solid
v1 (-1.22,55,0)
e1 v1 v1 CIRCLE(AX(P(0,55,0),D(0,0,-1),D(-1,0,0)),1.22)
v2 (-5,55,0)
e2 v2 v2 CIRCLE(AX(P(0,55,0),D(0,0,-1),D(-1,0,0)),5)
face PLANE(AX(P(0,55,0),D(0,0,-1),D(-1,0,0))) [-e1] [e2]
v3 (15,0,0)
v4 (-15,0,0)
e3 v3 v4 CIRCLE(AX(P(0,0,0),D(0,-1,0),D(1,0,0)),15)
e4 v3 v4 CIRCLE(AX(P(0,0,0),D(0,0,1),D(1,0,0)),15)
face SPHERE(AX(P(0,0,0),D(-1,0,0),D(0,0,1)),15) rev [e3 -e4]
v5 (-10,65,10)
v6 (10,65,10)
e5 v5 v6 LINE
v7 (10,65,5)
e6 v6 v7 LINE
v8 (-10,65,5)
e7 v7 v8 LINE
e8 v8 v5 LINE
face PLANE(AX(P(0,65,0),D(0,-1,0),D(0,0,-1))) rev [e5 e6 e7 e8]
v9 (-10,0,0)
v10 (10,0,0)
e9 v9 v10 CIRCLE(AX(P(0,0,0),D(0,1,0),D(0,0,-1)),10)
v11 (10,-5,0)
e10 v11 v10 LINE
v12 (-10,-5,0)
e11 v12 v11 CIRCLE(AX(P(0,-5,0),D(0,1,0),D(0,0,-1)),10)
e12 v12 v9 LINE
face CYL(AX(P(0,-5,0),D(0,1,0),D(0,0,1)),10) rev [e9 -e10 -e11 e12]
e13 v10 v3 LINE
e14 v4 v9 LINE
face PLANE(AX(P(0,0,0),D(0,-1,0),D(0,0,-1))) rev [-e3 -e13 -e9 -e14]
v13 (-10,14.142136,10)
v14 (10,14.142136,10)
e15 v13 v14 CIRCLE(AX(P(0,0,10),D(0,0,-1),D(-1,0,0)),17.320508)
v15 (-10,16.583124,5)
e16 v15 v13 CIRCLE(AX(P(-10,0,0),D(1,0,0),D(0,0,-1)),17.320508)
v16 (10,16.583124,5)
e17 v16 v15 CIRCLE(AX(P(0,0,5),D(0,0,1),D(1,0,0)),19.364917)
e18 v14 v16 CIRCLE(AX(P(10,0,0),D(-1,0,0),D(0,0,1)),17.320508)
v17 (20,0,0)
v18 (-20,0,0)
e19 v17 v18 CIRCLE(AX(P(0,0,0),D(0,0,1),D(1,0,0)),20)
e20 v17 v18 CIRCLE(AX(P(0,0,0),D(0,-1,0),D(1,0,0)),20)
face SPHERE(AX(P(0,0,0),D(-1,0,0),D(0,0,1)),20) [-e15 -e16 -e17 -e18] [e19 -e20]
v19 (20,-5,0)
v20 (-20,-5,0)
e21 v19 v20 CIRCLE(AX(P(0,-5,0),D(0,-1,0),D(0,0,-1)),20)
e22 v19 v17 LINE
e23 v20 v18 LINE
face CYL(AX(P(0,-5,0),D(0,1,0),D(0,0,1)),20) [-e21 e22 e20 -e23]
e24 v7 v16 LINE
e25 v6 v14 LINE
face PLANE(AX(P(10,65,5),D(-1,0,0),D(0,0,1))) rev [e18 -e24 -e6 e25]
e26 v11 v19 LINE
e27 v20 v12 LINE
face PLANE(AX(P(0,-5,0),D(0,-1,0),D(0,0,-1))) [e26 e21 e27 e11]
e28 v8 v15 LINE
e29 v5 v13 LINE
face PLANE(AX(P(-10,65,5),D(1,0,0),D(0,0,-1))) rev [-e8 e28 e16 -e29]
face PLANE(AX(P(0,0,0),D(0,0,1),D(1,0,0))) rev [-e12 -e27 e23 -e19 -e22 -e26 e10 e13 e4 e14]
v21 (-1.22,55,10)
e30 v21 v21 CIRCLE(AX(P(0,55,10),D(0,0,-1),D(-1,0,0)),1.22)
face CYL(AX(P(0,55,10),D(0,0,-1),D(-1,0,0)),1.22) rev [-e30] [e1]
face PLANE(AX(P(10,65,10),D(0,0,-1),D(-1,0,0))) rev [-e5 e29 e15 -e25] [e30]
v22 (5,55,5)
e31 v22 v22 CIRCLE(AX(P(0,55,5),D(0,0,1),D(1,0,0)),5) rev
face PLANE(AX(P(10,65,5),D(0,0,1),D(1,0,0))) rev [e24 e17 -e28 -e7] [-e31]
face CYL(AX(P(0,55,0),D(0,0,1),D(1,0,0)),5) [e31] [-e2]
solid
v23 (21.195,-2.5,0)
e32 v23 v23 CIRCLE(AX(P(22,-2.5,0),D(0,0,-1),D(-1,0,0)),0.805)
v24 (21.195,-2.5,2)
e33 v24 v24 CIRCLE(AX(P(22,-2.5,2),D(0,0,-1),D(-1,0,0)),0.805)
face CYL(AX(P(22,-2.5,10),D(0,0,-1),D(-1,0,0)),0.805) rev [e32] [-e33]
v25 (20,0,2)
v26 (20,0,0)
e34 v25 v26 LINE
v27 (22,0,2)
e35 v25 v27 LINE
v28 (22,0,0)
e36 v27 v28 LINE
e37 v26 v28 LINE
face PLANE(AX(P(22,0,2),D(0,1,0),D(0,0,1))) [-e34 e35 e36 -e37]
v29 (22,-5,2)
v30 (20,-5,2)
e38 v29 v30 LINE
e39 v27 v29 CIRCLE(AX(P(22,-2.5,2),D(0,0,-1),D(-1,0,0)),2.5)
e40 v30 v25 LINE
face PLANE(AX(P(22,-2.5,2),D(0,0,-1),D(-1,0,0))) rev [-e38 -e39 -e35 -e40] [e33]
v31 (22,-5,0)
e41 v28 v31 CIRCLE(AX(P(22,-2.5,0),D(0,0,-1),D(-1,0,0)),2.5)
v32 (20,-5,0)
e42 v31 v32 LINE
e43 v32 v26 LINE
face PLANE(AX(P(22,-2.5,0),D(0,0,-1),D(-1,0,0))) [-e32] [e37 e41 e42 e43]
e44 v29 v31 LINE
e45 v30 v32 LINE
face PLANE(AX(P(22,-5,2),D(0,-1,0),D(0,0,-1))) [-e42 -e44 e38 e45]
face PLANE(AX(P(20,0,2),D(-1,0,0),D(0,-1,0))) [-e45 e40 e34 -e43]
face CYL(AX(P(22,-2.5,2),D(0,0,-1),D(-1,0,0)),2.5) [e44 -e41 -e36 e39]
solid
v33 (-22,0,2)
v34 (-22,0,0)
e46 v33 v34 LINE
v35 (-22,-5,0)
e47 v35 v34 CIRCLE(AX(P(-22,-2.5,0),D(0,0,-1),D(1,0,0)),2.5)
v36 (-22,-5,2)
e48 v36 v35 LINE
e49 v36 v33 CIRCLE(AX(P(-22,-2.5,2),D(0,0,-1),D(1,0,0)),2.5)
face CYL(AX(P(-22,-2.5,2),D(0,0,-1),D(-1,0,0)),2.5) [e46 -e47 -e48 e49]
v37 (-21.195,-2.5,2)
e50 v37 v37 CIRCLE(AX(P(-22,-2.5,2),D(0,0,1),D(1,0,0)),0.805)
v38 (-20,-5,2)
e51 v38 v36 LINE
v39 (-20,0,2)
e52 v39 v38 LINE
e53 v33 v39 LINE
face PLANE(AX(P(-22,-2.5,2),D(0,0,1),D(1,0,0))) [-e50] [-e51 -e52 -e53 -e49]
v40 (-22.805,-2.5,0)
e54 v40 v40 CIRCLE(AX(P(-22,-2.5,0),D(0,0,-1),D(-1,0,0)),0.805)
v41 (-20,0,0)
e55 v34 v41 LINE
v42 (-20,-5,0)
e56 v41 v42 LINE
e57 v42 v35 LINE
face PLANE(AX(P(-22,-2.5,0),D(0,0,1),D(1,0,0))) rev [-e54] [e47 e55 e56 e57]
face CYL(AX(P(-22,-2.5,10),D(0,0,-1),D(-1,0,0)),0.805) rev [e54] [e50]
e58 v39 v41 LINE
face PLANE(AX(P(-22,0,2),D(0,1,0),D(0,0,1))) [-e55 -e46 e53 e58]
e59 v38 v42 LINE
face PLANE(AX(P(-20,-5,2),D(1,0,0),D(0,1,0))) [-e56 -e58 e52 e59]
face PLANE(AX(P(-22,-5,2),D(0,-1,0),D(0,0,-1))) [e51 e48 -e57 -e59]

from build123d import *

# Parameters (mm, degrees)
REVOLVE2_ANGLE        = 90
BOSS_EXTRUDE2_DEPTH   = 5
BOSS_EXTRUDE3_DEPTH   = 2
BOSS_EXTRUDE3_2_DEPTH = 2
BOSS_EXTRUDE4_START   = 14.142136
SKETCH10_W            = 20
SKETCH10_H            = 5
BOSS_EXTRUDE4_DEPTH   = 50.857864
SKETCH11_R            = 5
BOSS_EXTRUDE6_DEPTH   = 5
SKETCH12_R            = 1.22
SKETCH12_R_2          = 0.805
CUT_EXTRUDE1_DEPTH    = 10


with BuildPart() as part:
    # Sketch1 → Revolve2 (revolve)
    with BuildSketch(Plane.XY):
        with BuildLine():
            Line((-20, 0), (-15, 0))
            ThreePointArc((-15, 0), (0, 15), (15, 0))
            Line((15, 0), (20, 0))
            ThreePointArc((20, 0), (0, 20), (-20, 0))
        make_face()
    revolve(axis=Axis((10, 0, 0), (1, 0, 0)), revolution_arc=REVOLVE2_ANGLE)

    # Sketch3 → Boss-Extrude2 (add)
    with BuildSketch(Plane.XZ):
        with BuildLine():
            Line((-20, 0), (-10, 0))
            ThreePointArc((-10, 0), (0, 10), (10, 0))
            Line((10, 0), (20, 0))
            ThreePointArc((20, 0), (0, 20), (-20, 0))
        make_face()
    extrude(amount=BOSS_EXTRUDE2_DEPTH)

    # Sketch10 → Boss-Extrude4 (add)
    with BuildSketch(Plane(origin=(0, 0, 0), x_dir=(1, 0, 0), z_dir=(0, 1, 0)).offset(BOSS_EXTRUDE4_START)):
        with Locations((0, -7.5)):
            Rectangle(SKETCH10_W, SKETCH10_H)
    extrude(amount=BOSS_EXTRUDE4_DEPTH)

    # Sketch11 → Boss-Extrude6 (add)
    with BuildSketch(Plane(origin=(0, 0, 5), x_dir=(-1, 0, 0), z_dir=(0, 0, -1))):
        with Locations(Location((0, 55, 0), (0, 0, 180))):
            Circle(SKETCH11_R)
    extrude(amount=BOSS_EXTRUDE6_DEPTH)


with BuildPart() as body_2:
    # Sketch5 → Boss-Extrude3 (new body)
    with BuildSketch(Plane(origin=(0, 0, 0), x_dir=(-1, 0, 0), z_dir=(0, 0, -1))):
        with BuildLine():
            Line((-22, 0), (-20, 0))
            Line((-20, 0), (-20, -5))
            Line((-20, -5), (-22, -5))
            ThreePointArc((-22, -5), (-24.5, -2.5), (-22, 0))
        make_face()
    extrude(amount=-BOSS_EXTRUDE3_DEPTH)


with BuildPart() as body_3:
    # Sketch5 → Boss-Extrude3 2 (new body)
    with BuildSketch(Plane(origin=(0, 0, 0), x_dir=(-1, 0, 0), z_dir=(0, 0, -1))):
        with BuildLine():
            Line((22, -5), (20, -5))
            Line((20, -5), (20, 0))
            Line((20, 0), (22, 0))
            ThreePointArc((22, 0), (24.5, -2.5), (22, -5))
        make_face()
    extrude(amount=-BOSS_EXTRUDE3_2_DEPTH)


with BuildPart() as cut_extrude1_tool:
    # Sketch12 → Cut-Extrude1 (new body)
    with BuildSketch(Plane(origin=(0, 0, 0), x_dir=(-1, 0, 0), z_dir=(0, 0, -1))):
        with Locations((0, 55)):
            Circle(SKETCH12_R)
        with Locations((-22, -2.5)):
            Circle(SKETCH12_R_2)
        with Locations((22, -2.5)):
            Circle(SKETCH12_R_2)
    extrude(amount=-CUT_EXTRUDE1_DEPTH)


with BuildPart() as part_1:
    add(part.part)

    # Cut-Extrude1: cut by cut_extrude1_tool
    add(cut_extrude1_tool.part, mode=Mode.SUBTRACT)


with BuildPart() as body_2_1:
    add(body_2.part)

    # Cut-Extrude1: cut by cut_extrude1_tool
    add(cut_extrude1_tool.part, mode=Mode.SUBTRACT)


with BuildPart() as body_3_1:
    add(body_3.part)

    # Cut-Extrude1: cut by cut_extrude1_tool
    add(cut_extrude1_tool.part, mode=Mode.SUBTRACT)


solid = Compound([part_1.part, body_2_1.part, body_3_1.part])
